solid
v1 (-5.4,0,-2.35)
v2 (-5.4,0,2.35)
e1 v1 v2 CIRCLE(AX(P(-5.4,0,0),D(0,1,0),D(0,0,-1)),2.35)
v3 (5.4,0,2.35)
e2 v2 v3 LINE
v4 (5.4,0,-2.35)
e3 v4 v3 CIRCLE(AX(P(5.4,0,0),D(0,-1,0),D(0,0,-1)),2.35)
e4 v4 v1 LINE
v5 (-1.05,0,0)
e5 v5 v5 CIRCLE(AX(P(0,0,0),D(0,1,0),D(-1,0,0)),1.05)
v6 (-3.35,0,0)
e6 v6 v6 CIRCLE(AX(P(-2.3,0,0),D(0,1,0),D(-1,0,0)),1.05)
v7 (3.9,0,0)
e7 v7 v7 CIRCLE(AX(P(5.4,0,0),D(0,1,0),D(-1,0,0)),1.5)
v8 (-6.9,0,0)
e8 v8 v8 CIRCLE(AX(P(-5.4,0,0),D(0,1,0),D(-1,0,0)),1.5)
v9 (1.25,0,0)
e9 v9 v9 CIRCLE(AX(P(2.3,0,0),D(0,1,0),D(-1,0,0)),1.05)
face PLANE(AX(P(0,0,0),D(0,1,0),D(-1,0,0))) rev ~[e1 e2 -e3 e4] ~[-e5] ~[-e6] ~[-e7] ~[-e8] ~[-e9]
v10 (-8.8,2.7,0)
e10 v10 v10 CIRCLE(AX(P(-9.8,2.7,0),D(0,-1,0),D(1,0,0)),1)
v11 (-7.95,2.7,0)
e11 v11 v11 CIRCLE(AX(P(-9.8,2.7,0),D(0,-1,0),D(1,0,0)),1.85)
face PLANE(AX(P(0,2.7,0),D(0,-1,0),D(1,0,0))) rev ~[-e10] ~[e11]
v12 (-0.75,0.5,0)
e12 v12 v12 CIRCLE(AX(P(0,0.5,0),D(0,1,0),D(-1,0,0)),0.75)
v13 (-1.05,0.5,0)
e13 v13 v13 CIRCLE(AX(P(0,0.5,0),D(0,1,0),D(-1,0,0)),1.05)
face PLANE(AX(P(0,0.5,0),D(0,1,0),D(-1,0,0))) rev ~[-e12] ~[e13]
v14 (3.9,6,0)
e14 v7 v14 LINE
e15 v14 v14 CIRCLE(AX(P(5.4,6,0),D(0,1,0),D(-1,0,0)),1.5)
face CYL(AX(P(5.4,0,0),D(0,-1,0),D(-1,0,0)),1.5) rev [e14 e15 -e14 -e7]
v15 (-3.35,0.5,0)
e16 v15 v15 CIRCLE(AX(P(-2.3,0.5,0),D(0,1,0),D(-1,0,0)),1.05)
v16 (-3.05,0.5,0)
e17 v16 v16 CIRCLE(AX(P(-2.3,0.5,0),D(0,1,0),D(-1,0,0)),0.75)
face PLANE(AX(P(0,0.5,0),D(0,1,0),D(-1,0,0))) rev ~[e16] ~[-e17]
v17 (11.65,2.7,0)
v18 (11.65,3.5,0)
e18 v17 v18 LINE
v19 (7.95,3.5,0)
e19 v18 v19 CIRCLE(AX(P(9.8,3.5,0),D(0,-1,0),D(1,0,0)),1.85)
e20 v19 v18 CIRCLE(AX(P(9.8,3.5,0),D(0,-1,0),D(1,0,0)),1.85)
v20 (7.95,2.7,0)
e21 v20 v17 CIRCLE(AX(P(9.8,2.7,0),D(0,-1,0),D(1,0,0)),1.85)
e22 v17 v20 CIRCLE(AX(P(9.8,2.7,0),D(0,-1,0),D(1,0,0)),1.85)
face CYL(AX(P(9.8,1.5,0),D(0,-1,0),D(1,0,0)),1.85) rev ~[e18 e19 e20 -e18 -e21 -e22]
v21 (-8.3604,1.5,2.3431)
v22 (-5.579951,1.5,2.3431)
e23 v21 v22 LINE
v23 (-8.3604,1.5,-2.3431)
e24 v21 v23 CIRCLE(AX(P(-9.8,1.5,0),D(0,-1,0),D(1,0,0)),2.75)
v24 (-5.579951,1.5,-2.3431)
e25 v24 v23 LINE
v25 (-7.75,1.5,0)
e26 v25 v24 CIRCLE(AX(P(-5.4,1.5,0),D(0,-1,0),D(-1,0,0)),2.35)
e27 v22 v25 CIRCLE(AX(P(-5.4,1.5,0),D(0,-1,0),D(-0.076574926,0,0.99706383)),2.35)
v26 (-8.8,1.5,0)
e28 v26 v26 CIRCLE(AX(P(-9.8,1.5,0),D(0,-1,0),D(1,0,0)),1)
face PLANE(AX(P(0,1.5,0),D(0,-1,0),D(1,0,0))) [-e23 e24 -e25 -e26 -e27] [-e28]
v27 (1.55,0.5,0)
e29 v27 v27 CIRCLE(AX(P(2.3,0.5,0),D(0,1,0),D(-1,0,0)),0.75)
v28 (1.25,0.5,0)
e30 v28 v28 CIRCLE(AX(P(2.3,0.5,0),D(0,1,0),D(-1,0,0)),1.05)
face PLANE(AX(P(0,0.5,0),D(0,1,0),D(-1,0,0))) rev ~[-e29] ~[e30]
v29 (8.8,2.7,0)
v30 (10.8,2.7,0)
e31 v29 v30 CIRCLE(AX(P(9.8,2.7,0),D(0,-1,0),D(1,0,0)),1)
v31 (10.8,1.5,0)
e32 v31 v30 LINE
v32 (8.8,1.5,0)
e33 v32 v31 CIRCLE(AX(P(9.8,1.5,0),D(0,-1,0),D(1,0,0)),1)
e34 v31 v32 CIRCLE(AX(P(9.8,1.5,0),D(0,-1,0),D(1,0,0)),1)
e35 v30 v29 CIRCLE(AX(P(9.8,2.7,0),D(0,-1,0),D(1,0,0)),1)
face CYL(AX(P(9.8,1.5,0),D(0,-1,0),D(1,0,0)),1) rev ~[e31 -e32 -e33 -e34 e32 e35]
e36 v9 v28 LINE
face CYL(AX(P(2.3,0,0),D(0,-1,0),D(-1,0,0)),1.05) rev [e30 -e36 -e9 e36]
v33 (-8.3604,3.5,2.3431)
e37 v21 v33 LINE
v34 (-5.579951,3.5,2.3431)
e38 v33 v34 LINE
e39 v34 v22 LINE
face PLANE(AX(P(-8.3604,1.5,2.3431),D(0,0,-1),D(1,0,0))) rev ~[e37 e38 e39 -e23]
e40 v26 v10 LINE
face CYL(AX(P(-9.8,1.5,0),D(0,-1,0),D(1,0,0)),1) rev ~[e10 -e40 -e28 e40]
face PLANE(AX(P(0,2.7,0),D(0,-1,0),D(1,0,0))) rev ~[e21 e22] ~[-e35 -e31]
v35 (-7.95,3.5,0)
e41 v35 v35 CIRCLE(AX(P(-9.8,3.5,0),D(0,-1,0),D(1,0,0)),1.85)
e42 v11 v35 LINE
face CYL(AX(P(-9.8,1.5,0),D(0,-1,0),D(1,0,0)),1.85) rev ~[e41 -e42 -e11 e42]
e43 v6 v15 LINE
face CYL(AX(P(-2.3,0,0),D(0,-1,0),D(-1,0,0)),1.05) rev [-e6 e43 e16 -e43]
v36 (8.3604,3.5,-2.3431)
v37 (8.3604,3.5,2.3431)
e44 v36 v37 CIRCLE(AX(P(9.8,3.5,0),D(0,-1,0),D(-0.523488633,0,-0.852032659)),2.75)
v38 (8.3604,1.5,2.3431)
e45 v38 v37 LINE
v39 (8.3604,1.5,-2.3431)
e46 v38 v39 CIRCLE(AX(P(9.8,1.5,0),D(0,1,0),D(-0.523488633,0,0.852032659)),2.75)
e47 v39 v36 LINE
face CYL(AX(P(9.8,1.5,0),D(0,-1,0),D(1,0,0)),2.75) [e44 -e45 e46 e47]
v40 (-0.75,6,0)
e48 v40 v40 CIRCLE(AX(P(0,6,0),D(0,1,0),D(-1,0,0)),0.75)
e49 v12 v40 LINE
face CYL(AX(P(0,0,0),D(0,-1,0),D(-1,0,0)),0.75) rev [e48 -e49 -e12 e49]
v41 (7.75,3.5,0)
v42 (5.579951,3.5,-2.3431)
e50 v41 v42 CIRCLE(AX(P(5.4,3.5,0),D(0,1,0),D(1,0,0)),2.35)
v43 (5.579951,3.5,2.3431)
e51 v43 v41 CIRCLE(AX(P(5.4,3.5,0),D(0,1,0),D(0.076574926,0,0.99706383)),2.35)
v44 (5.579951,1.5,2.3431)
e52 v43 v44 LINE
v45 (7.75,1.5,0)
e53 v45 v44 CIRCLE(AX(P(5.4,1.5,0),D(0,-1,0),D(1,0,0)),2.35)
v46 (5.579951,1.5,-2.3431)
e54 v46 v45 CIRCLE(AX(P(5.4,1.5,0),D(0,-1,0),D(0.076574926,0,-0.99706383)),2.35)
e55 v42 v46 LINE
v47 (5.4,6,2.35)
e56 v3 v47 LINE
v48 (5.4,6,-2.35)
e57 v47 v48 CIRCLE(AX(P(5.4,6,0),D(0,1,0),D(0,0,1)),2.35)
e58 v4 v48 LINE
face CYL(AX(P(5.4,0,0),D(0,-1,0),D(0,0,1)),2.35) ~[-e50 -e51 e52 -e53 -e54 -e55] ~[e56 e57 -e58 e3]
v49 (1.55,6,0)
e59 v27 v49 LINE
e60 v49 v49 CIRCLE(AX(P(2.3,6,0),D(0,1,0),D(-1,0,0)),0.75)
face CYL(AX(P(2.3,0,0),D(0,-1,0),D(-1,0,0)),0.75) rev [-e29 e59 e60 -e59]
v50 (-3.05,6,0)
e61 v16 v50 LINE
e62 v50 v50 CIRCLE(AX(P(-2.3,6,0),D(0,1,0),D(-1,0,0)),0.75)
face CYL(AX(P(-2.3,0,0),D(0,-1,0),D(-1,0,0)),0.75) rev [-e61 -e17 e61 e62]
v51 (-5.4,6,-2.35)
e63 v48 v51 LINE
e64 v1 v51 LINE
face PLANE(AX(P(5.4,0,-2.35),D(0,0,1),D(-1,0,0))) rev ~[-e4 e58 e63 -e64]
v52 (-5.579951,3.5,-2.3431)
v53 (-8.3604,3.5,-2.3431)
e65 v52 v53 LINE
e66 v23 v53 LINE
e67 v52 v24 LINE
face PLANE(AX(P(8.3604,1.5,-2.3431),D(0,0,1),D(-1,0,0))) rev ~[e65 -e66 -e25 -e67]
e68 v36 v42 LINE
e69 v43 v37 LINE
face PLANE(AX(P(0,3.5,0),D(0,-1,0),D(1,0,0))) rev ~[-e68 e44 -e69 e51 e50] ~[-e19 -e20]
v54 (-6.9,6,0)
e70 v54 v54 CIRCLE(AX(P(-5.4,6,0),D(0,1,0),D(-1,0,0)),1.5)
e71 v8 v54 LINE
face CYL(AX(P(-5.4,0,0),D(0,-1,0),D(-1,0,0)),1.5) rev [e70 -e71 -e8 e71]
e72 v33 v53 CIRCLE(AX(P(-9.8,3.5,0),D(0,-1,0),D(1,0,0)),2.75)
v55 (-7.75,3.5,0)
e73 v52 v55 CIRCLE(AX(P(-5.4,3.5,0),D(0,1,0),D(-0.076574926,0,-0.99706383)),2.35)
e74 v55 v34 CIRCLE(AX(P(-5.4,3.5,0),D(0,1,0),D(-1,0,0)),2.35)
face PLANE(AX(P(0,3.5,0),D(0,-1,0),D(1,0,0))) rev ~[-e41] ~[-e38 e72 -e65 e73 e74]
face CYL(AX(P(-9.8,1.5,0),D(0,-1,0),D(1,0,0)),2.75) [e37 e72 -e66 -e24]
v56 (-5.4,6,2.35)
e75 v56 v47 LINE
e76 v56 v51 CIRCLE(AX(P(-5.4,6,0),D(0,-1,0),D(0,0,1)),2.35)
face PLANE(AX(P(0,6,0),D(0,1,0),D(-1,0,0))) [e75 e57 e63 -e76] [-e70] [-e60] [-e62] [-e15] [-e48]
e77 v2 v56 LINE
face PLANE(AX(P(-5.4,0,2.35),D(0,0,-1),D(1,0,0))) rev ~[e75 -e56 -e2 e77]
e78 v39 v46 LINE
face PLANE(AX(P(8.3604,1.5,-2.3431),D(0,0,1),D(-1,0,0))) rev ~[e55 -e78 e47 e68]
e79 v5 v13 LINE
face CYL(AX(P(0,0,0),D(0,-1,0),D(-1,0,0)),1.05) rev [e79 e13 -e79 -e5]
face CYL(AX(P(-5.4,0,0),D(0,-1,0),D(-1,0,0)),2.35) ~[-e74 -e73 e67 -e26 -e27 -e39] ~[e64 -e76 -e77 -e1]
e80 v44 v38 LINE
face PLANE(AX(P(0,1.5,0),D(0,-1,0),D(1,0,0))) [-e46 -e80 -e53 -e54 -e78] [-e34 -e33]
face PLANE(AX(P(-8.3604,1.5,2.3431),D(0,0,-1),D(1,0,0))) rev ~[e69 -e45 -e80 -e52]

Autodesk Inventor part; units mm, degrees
ref_plane "YZ Plane" through (0, 0, 0) normal (1, 0, 0) x (0, 1, 0)
ref_plane "XZ Plane" through (0, 0, 0) normal (0, 1, 0) x (-1, 0, 0)
sketch "Sketch1" plane through (0, 0, 0) normal (0, 1, 0) x (-1, 0, 0)
  line L0 (-8.55, 0) -> (-8.55, 0)
  line L1 (5.4, 2.35) -> (-5.4, 2.35)
  line L2 (-7.75, 0) -> (-7.75, 0)
  line L3 (7.75, 0) -> (7.75, 0)
  arc A0 (-5.4, 2.35) -> (-7.75, 0) centre (-5.4, 0) ccw
  arc A1 (-7.75, 0) -> (-5.4, -2.35) centre (-5.4, 0) ccw
  arc A2 (7.75, 0) -> (5.4, 2.35) centre (5.4, 0) ccw
  arc A3 (5.4, -2.35) -> (7.75, 0) centre (5.4, 0) ccw
  circle A4 centre (5.4, 0) radius 1.5
  circle A5 centre (-5.4, 0) radius 1.5
  circle A6 centre (2.3, 0) radius 0.75
  circle A7 centre (0, 0) radius 0.75
  circle A8 centre (-2.3, 0) radius 0.75
  circle A9 centre (2.3, 0) radius 0.35
  circle A10 centre (0, 0) radius 0.35
  circle A11 centre (-2.3, 0) radius 0.45
  line L4 (-15.2366, 19.4813) -> (26.8433, 19.4813) construction
  line L5 (26.8433, 19.4813) -> (26.8433, -5.0467) construction
  line L6 (26.8433, -5.0467) -> (-15.2366, -5.0467) construction
  line L7 (-15.2366, -5.0467) -> (-15.2366, 19.4813) construction
  line L8 (-8.3717, -2.35) -> (8.3717, -2.35)
  line L9 (8.3717, 2.35) -> (-8.3717, 2.35)
  circle A12 centre (2.3, 0) radius 1.05
  circle A13 centre (0, 0) radius 1.05
  circle A14 centre (-2.3, 0) radius 1.05
  point P0 (7.75, 0)
  point P1 (-5.4, -2.35)
  point P2 (5.4, -2.35)
  dimension "d5" = 2.35
  dimension "d6" = 3
  dimension "d7" = 3
  dimension "d10" = 1.5
  dimension "d11" = 4.6
  dimension "d14" = 0.9
  dimension "d201" = 2.1
  dimension "d202" = 2.1
  dimension "d203" = 2.1
  dimension "d204" = 1.5
  dimension "d205" = 1.5
extrude "Extrusion1" add sketch "Sketch1" along normal blind 6 contours A2 A3 L8 A1 A0 L1 | A12 | A13 | A14
ref_plane "Work Plane1" through (0, 1.5, 0) normal (0, -1, 0) x (1, 0, 0)
sketch "Sketch2" plane through (0, 1.5, 0) normal (0, -1, 0) x (1, 0, 0)
  line L0 (0, 0) -> (9.8, 0)
  circle A0 centre (9.8, 0) radius 1
  circle A1 centre (9.8, 0) radius 1.85
  circle A2 centre (9.8, 0) radius 2.75
  line L1 (-8.3604, 2.3431) -> (8.3604, 2.3431)
  line L2 (8.3604, -2.3431) -> (-8.3604, -2.3431)
  line L3 (-8.1293, 2.1844) -> (8.1293, -2.1844) construction
  line L4 (8.1293, 2.1844) -> (-8.7202, -2.3431) construction
  line L5 (0, 0) -> (-9.8, 0)
  circle A3 centre (-9.8, 0) radius 1
  circle A4 centre (-9.8, 0) radius 1.85
  circle A5 centre (-9.8, 0) radius 2.75
  dimension "d119" = 9.8
  dimension "d120" = 2
  dimension "d121" = 3.7
  dimension "d122" = 5.5
  dimension "d126" = 9.8
  dimension "d127" = 2
  dimension "d128" = 3.7
  dimension "d130" = 5.5
extrude "Extrusion2" add sketch "Sketch2" against normal blind 2 contours L5 A5 L1 A2 L0 | L0 A2 L2 A5 L5
extrude "Extrusion3" add sketch "Sketch2" against normal blind 2 contours A2 | A5
extrude "Extrusion4" add sketch "Sketch2" against normal blind 1.2 contours A1 | A3 | A4
sketch "Sketch3" plane through (-5.4, 0, 2.35) normal (0, 0, 1) x (1, 0, 0)
  line L0 (-9.7661, 9.6728) -> (32.2033, 9.6728) construction
  line L1 (32.2033, 9.6728) -> (32.2033, -14.7908) construction
  line L2 (32.2033, -14.7908) -> (-9.7661, -14.7908) construction
  line L3 (-9.7661, -14.7908) -> (-9.7661, 9.6728) construction
  point P0 (5.4, 0)
extrude "Extrusion5" cut sketch "Sketch2" against normal through all contours A0 | A3
extrude "Extrusion6" cut sketch "Sketch1" along normal through all contours A4 | A5
extrude "Extrusion7" cut sketch "Sketch1" along normal blind 10 contours A6 | A7 | A8 | A9 | A10 | A11
extrude "Extrusion8" cut sketch "Sketch1" along normal blind 0.5 contours A12 | A13 | A14
properties part number "Pogo2" material "Nylon 6/6"
